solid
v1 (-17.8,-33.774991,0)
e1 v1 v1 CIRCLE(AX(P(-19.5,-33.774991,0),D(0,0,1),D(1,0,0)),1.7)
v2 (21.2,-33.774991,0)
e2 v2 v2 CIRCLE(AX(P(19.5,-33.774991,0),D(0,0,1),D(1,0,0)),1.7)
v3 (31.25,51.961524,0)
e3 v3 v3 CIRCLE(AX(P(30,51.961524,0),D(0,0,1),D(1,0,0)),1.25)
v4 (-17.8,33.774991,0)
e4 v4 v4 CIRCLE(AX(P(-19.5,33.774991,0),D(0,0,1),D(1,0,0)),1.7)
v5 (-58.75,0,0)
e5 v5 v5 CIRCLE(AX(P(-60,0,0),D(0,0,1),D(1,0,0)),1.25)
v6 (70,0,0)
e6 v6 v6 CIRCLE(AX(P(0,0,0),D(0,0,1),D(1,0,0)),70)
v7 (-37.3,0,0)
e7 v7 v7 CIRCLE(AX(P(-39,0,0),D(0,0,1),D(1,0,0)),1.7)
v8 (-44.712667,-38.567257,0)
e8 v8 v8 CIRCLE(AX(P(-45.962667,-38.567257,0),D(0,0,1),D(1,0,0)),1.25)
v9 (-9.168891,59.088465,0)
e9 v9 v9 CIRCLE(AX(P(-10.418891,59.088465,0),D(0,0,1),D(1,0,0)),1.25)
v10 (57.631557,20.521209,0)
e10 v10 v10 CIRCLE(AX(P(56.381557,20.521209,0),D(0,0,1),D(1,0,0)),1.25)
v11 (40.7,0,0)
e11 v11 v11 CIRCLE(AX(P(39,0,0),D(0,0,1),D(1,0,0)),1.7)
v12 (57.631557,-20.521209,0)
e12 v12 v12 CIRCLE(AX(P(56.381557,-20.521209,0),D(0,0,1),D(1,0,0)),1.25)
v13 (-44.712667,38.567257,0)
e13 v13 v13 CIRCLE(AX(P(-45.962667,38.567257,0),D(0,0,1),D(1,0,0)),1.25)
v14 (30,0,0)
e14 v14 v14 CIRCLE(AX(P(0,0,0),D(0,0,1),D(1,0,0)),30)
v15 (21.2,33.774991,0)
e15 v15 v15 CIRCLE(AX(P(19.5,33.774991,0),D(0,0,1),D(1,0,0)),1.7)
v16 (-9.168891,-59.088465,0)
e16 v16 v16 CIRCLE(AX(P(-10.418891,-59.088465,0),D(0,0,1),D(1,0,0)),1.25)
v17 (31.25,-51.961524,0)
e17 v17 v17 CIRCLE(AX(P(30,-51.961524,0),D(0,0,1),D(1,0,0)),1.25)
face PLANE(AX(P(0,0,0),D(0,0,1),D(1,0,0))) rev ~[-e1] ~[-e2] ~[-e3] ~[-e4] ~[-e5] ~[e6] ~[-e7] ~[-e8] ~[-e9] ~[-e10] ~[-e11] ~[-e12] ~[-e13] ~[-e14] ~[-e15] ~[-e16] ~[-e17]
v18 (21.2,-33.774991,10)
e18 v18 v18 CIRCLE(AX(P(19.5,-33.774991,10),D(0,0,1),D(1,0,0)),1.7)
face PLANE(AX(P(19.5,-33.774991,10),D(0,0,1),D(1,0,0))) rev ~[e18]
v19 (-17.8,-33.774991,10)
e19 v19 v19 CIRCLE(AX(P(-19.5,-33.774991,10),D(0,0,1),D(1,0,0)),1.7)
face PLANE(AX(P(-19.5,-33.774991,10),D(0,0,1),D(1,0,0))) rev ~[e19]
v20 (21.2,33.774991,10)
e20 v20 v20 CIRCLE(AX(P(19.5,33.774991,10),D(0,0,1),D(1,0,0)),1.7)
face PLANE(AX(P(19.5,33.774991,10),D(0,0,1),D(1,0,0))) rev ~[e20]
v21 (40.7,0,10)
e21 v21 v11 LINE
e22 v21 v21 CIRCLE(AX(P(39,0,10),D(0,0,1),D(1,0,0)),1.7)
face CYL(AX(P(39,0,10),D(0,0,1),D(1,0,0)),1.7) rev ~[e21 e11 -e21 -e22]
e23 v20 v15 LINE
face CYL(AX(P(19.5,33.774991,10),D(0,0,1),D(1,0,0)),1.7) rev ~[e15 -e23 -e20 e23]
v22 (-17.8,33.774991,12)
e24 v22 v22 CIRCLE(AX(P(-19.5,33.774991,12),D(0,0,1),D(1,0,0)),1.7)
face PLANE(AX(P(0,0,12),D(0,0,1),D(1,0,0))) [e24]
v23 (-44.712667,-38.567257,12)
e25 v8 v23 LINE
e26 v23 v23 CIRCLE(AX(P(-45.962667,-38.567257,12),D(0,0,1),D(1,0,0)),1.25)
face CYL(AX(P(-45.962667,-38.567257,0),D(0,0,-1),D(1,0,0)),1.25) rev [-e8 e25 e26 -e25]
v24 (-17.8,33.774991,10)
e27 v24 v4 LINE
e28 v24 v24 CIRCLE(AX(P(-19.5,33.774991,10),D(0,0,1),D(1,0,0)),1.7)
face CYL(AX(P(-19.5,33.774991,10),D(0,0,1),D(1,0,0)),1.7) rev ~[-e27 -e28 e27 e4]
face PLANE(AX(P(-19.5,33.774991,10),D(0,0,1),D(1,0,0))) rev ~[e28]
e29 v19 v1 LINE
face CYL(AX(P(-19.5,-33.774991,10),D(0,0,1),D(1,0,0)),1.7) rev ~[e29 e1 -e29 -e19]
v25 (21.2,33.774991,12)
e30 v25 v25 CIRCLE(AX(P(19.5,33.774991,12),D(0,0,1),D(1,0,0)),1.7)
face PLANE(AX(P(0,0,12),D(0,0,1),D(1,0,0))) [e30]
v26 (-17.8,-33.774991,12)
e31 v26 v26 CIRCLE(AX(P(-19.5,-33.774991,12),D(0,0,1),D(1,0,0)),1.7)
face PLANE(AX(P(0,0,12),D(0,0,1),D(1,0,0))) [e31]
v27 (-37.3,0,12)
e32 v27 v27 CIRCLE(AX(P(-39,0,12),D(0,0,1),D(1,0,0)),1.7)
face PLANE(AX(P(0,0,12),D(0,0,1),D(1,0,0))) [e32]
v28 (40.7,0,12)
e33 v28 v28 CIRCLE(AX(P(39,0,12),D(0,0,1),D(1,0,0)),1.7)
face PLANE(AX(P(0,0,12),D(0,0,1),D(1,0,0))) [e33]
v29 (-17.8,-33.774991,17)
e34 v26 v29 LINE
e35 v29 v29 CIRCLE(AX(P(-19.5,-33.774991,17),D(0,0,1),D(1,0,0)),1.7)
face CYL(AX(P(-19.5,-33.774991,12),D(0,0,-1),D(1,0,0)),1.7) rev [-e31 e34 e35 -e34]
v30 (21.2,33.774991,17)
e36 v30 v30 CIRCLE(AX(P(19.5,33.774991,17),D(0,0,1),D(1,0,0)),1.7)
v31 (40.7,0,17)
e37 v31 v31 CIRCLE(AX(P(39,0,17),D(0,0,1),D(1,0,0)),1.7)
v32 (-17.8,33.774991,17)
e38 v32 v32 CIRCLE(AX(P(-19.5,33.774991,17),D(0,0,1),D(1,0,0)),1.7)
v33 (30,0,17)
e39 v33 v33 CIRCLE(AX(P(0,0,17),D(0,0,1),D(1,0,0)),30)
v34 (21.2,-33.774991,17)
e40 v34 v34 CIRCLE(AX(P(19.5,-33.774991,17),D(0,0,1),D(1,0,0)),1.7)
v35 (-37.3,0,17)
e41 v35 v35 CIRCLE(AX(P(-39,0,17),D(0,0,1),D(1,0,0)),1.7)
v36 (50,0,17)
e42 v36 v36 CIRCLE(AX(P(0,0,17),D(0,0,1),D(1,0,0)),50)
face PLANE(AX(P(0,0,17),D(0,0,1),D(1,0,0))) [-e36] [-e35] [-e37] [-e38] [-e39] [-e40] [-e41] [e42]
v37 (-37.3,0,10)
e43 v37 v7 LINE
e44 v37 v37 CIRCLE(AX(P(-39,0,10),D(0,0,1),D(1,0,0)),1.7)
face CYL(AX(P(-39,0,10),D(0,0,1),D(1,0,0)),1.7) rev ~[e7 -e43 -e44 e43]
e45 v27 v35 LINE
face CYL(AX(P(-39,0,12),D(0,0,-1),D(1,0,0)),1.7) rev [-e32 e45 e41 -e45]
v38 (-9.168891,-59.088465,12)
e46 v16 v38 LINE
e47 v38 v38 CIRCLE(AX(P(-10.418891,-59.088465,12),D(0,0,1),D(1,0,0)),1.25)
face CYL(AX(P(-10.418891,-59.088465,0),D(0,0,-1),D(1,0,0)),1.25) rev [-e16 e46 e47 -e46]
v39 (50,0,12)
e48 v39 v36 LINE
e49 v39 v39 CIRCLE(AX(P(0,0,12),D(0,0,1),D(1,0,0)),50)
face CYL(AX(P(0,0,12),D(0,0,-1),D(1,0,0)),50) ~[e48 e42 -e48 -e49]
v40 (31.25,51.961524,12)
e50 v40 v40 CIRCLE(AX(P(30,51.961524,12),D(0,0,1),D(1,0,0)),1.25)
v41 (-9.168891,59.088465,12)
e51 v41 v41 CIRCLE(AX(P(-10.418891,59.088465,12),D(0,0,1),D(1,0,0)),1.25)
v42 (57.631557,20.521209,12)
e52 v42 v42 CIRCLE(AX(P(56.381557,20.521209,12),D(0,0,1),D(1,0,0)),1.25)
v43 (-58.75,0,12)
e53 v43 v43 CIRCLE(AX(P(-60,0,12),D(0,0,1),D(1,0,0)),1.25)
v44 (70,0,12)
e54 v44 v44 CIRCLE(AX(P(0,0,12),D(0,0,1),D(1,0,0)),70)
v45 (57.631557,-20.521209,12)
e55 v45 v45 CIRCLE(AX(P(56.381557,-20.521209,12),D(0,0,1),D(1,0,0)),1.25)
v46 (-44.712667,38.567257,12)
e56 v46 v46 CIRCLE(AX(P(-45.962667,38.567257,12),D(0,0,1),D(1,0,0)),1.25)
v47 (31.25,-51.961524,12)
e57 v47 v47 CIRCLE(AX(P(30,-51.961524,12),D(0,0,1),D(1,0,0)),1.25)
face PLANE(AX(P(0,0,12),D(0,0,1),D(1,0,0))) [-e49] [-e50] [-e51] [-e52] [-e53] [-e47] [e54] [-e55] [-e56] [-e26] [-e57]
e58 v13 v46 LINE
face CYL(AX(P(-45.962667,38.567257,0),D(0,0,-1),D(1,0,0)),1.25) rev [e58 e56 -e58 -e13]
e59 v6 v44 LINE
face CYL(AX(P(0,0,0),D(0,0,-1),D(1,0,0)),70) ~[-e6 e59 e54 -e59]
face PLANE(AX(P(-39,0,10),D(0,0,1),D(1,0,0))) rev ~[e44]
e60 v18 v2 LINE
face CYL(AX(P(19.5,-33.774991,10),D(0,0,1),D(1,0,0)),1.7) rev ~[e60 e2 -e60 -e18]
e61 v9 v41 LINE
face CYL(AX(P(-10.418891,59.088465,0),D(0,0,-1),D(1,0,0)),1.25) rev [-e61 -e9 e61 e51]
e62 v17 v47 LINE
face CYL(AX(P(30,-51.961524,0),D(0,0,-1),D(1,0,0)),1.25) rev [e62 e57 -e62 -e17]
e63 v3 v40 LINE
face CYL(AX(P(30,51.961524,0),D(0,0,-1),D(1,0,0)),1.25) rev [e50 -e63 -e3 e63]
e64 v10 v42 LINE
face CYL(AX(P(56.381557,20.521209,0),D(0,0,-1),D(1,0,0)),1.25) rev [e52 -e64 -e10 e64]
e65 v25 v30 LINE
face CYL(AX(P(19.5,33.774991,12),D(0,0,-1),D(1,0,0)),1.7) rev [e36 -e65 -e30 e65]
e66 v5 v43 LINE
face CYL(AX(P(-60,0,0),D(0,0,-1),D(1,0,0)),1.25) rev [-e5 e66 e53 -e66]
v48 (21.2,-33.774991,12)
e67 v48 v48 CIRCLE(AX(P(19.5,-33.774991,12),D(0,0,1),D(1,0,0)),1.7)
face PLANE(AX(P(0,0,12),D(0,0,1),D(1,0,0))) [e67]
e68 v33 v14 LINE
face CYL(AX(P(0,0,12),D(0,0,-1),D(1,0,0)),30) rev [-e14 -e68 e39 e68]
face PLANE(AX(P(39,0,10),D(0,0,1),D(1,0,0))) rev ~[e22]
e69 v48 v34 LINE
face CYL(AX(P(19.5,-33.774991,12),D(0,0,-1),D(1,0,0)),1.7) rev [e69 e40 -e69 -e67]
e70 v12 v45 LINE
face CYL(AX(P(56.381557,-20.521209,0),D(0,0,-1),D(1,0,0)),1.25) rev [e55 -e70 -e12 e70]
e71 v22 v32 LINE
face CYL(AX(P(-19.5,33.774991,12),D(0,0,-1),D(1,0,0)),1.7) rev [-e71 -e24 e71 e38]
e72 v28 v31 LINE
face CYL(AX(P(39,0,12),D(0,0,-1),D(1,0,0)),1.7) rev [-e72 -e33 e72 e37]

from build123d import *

# Parameters (mm, degrees)
SKETCH_R      = 70
SKETCH_R_2    = 30
SKETCH_R_3    = 1.25
PAD_DEPTH     = 12
SKETCH001_R   = 50
SKETCH001_R_2 = 30
SKETCH001_R_3 = 1.7
PAD001_DEPTH  = 5
SKETCH003_R   = 1.7
POCKET_DEPTH  = 10.001


with BuildPart() as part:
    # Sketch → Pad (new body)
    with BuildSketch(Plane.XY):
        Circle(SKETCH_R)
        Circle(SKETCH_R_2, mode=Mode.SUBTRACT)
        with Locations((-60, 0)):
            Circle(SKETCH_R_3, mode=Mode.SUBTRACT)
        with Locations((-45.962667, 38.567257)):
            Circle(SKETCH_R_3, mode=Mode.SUBTRACT)
        with Locations((-45.962667, -38.567257)):
            Circle(SKETCH_R_3, mode=Mode.SUBTRACT)
        with Locations((-10.418891, -59.088465)):
            Circle(SKETCH_R_3, mode=Mode.SUBTRACT)
        with Locations((30, -51.961524)):
            Circle(SKETCH_R_3, mode=Mode.SUBTRACT)
        with Locations((56.381557, -20.521209)):
            Circle(SKETCH_R_3, mode=Mode.SUBTRACT)
        with Locations((56.381557, 20.521209)):
            Circle(SKETCH_R_3, mode=Mode.SUBTRACT)
        with Locations((30, 51.961524)):
            Circle(SKETCH_R_3, mode=Mode.SUBTRACT)
        with Locations((-10.418891, 59.088465)):
            Circle(SKETCH_R_3, mode=Mode.SUBTRACT)
    extrude(amount=PAD_DEPTH)

    # Sketch001 (on Face13 of Pad) → Pad001 (join)
    with BuildSketch(Plane.XY.offset(12)):
        Circle(SKETCH001_R)
        Circle(SKETCH001_R_2, mode=Mode.SUBTRACT)
        with Locations((-19.5, 33.774991)):
            Circle(SKETCH001_R_3, mode=Mode.SUBTRACT)
        with Locations((19.5, 33.774991)):
            Circle(SKETCH001_R_3, mode=Mode.SUBTRACT)
        with Locations((39, 0)):
            Circle(SKETCH001_R_3, mode=Mode.SUBTRACT)
        with Locations((-39, 0)):
            Circle(SKETCH001_R_3, mode=Mode.SUBTRACT)
        with Locations((-19.5, -33.774991)):
            Circle(SKETCH001_R_3, mode=Mode.SUBTRACT)
        with Locations((19.5, -33.774991)):
            Circle(SKETCH001_R_3, mode=Mode.SUBTRACT)
    extrude(amount=PAD001_DEPTH)

    # Sketch003 → Pocket (cut, through all)
    with BuildSketch(Plane.XY.offset(10)):
        with Locations((-19.5, 33.774991)):
            Circle(SKETCH003_R)
        with Locations((19.5, 33.774991)):
            Circle(SKETCH003_R)
        with Locations((39, 0)):
            Circle(SKETCH003_R)
        with Locations((-39, 0)):
            Circle(SKETCH003_R)
        with Locations((-19.5, -33.774991)):
            Circle(SKETCH003_R)
        with Locations((19.5, -33.774991)):
            Circle(SKETCH003_R)
    extrude(amount=-POCKET_DEPTH, mode=Mode.SUBTRACT)


solid = part.part
